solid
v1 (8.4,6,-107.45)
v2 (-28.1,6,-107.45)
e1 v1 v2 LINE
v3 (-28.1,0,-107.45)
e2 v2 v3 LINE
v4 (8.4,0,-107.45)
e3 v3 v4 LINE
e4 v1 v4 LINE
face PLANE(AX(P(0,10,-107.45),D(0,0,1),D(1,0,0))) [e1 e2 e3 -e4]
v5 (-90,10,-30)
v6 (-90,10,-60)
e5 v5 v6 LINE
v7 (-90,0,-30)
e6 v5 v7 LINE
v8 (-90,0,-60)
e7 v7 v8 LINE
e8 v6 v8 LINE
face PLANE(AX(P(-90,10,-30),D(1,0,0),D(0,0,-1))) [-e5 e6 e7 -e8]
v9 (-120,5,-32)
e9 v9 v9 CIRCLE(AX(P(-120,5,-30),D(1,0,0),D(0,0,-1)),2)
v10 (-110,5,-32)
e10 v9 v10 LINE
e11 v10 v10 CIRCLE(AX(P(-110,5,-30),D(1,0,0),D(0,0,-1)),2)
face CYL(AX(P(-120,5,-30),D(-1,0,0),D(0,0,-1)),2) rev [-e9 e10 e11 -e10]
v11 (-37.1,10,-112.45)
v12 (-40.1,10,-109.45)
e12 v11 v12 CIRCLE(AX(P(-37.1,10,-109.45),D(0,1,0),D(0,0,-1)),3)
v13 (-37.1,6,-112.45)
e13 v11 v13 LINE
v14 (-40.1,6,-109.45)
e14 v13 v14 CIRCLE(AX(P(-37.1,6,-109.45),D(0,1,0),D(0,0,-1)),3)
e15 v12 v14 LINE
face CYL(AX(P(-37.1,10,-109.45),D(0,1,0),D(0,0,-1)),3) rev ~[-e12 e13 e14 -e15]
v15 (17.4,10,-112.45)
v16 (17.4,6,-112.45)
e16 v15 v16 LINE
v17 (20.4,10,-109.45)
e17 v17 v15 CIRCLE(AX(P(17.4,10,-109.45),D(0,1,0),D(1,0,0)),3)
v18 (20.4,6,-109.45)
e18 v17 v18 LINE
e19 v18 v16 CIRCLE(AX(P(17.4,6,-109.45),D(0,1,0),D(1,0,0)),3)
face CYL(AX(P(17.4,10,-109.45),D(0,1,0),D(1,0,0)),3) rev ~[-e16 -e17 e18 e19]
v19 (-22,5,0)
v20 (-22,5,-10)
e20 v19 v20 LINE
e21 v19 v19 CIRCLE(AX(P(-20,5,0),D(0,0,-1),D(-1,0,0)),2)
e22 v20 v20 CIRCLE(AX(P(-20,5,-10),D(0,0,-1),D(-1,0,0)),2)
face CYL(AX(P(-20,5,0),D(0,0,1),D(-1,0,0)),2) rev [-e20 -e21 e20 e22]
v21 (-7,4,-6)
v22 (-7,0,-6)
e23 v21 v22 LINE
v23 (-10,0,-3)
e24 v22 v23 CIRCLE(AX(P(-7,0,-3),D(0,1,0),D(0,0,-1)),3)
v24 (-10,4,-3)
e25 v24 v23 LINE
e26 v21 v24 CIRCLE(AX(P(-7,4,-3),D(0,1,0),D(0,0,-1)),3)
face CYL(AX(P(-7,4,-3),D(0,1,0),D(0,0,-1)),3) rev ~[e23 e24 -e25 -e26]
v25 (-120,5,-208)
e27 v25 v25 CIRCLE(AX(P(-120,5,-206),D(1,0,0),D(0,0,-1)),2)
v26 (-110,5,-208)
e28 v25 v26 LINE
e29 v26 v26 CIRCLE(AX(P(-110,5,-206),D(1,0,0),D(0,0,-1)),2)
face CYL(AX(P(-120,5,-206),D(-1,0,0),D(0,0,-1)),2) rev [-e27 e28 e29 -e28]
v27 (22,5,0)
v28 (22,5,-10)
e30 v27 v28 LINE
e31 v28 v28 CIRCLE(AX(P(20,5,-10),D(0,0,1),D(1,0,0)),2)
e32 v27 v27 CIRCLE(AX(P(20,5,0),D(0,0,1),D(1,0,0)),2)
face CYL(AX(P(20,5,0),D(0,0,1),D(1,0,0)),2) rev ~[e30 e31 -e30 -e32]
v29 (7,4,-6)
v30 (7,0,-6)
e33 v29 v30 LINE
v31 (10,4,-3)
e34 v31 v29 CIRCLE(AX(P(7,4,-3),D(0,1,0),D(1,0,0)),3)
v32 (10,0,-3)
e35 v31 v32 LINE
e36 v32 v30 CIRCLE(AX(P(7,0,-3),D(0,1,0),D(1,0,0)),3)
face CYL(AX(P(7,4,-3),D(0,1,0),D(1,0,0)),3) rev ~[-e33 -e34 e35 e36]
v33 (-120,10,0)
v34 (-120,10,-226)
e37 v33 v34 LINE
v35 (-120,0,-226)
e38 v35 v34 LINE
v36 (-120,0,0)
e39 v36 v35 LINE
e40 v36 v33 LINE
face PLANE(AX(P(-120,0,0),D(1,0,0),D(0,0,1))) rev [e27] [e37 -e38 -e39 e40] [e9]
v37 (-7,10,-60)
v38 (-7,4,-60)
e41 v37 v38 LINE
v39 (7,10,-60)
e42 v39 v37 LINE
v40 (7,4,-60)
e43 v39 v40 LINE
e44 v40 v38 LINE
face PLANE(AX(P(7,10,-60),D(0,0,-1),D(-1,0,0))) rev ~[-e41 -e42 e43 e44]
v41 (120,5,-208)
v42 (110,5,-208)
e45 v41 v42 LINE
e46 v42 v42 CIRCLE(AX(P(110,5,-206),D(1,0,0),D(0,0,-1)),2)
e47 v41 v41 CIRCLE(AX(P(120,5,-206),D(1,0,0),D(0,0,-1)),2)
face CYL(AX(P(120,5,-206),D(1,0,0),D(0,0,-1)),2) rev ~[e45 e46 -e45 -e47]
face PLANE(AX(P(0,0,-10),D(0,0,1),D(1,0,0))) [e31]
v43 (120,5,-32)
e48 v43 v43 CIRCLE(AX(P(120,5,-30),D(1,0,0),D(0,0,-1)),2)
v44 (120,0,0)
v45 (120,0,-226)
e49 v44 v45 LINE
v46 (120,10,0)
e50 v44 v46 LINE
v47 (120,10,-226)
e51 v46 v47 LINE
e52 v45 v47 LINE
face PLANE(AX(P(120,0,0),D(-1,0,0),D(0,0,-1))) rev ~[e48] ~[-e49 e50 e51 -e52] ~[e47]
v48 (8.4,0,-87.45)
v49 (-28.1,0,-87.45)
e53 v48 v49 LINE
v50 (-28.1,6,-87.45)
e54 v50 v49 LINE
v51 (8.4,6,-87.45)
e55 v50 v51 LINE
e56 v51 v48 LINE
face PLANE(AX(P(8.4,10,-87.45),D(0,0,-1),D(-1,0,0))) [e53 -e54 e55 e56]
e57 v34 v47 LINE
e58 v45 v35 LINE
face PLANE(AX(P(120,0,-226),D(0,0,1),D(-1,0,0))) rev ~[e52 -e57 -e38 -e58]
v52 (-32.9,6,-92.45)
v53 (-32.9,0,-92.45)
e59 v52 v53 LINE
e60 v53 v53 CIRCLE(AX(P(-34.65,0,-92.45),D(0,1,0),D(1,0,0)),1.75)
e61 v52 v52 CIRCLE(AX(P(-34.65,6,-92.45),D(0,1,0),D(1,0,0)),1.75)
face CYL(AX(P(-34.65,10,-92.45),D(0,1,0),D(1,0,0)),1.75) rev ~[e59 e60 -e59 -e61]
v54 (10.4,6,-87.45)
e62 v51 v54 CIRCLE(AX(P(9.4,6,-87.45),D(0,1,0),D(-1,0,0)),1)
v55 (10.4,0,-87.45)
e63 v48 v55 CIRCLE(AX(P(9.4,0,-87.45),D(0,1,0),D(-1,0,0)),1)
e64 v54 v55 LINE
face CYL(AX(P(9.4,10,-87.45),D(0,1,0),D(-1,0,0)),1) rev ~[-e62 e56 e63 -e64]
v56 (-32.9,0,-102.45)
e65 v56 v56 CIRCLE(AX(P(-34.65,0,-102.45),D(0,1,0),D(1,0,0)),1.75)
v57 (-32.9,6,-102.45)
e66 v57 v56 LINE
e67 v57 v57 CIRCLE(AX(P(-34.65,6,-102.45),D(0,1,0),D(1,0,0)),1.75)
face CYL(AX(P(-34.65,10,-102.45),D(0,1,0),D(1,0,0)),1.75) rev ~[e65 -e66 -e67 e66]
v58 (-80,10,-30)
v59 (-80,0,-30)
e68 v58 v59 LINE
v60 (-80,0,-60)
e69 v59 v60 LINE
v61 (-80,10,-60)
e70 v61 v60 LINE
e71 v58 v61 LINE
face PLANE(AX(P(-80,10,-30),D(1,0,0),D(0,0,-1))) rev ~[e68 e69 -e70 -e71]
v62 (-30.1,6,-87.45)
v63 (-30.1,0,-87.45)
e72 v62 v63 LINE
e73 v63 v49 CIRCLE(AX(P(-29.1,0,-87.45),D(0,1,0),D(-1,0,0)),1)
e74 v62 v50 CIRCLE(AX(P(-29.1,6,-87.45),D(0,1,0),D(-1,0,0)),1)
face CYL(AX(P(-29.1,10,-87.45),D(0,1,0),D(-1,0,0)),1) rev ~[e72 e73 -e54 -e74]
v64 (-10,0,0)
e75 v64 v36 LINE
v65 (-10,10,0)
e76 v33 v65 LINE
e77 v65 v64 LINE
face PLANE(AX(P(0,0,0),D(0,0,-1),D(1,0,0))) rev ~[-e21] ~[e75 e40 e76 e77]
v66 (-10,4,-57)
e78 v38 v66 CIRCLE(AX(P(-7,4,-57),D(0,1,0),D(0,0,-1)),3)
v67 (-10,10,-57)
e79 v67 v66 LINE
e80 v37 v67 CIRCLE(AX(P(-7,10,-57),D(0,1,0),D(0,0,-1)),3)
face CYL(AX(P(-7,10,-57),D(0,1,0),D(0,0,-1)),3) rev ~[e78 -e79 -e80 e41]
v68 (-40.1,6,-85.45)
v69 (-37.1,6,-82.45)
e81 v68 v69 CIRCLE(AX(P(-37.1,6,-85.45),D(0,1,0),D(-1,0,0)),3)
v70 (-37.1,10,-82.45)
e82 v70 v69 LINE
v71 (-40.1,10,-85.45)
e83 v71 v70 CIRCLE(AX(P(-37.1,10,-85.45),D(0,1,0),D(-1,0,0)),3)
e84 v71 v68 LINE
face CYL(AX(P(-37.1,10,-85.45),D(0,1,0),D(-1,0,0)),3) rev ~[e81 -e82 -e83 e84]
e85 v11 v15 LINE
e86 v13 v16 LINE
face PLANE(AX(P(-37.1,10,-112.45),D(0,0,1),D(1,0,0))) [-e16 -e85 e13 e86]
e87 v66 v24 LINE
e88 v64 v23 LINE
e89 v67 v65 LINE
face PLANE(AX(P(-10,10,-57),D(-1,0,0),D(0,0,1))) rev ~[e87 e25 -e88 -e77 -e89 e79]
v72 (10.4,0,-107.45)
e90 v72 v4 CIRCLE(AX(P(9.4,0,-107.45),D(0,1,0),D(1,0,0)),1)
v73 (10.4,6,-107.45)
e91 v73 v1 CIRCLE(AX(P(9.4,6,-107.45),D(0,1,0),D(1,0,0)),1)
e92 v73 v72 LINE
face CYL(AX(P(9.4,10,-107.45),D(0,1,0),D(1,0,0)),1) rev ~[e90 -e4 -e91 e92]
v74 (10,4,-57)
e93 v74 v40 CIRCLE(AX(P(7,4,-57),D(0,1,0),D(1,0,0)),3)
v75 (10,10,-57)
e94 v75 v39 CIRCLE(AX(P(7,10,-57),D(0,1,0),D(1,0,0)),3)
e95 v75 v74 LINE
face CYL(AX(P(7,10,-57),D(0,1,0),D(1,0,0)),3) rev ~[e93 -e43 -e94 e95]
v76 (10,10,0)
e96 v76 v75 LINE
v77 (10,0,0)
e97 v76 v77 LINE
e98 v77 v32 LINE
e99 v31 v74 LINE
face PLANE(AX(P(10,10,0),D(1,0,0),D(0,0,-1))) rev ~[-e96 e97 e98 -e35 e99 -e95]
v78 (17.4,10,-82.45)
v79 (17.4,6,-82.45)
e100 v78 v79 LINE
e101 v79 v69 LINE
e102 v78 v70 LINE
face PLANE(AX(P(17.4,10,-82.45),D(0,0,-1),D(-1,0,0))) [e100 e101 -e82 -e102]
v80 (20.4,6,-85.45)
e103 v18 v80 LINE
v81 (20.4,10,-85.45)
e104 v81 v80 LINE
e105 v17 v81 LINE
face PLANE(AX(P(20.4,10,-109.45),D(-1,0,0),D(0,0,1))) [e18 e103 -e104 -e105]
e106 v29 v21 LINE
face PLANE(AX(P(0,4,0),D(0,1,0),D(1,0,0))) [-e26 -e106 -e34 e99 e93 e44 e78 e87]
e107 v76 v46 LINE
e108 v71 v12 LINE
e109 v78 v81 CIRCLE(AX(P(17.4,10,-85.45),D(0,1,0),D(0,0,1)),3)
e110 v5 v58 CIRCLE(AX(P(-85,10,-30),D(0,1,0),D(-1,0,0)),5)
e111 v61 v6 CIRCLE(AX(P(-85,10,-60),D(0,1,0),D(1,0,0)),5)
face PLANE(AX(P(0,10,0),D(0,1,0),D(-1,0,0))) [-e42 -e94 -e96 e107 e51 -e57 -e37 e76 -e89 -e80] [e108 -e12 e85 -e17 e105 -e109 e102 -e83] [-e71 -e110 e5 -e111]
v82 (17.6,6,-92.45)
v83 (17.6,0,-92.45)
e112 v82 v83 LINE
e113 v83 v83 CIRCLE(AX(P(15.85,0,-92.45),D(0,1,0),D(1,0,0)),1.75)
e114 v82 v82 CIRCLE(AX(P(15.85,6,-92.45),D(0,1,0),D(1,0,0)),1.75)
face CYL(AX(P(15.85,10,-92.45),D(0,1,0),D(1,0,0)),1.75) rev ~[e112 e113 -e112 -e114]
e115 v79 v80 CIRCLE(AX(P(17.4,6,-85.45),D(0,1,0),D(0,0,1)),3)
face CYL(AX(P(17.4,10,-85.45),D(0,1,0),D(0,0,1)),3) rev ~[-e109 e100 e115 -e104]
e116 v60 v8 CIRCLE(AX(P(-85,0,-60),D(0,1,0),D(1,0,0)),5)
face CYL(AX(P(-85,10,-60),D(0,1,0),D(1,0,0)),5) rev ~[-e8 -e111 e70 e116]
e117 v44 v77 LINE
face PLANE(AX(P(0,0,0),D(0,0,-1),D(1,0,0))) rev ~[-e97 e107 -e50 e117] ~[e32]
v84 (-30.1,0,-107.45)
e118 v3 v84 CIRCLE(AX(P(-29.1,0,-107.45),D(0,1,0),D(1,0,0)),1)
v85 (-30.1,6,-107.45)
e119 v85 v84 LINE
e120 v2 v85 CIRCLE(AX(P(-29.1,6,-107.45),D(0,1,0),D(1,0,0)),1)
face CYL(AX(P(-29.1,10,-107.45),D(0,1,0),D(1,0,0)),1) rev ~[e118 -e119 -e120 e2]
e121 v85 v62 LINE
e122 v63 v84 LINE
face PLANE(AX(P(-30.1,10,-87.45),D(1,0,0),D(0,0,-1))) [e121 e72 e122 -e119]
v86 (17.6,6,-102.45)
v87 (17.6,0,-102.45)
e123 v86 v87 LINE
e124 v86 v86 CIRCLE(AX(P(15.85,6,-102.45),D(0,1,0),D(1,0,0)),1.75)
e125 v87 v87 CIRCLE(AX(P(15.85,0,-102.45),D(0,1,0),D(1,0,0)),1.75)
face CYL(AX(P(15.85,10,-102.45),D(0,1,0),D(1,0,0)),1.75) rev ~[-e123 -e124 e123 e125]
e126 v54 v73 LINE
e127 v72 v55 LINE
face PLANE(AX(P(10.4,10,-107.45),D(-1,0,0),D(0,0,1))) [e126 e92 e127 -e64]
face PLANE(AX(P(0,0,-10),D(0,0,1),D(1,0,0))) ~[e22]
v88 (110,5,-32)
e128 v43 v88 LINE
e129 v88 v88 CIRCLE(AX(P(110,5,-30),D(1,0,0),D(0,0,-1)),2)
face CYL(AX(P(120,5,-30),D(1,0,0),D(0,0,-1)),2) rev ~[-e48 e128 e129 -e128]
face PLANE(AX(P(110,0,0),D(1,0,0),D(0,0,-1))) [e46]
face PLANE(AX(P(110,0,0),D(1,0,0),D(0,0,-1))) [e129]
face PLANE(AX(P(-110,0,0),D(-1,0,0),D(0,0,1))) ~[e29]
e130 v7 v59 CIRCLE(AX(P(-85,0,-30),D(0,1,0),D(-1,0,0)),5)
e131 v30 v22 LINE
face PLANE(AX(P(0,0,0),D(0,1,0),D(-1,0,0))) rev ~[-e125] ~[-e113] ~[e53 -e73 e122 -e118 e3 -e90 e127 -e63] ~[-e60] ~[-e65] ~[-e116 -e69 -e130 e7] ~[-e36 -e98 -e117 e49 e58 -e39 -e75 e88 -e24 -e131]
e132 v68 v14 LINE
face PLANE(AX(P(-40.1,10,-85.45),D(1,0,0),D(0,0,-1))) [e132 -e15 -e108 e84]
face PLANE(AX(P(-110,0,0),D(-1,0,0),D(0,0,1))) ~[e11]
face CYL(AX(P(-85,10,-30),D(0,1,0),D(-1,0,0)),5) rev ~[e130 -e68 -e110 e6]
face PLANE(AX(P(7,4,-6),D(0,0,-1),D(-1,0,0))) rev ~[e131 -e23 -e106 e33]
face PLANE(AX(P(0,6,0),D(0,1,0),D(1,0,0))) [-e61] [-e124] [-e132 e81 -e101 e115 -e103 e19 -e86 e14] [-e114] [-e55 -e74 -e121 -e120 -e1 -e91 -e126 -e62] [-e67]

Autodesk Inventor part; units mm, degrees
ref_plane "YZ Plane" through (0, 0, 0) normal (1, 0, 0) x (0, 1, 0)
ref_plane "XZ Plane" through (0, 0, 0) normal (0, 1, 0) x (-1, 0, 0)
ref_plane "XY Plane" through (0, 0, 0) normal (0, 0, 1) x (1, 0, 0)
sketch "Sketch1" plane through (0, 0, 0) normal (0, 1, 0) x (-1, 0, 0)
  line L0 (0, 0) -> (-120, 0)
  line L1 (-120, 0) -> (-120, -226)
  line L2 (-120, -226) -> (0, -226)
  line L3 (0, -226) -> (0, 0)
  dimension "d0" = 120
  dimension "d1" = 226
extrude "Extrusion1" add sketch "Sketch1" along normal blind 10
sketch "Sketch2" plane through (120, 0, 0) normal (1, 0, 0) x (0, 0, -1)
  circle A0 centre (30, 5) radius 2
  line L0 (0, 0) -> (0, 10) projected
  line L1 (0, 10) -> (226, 10) projected
  circle A1 centre (206, 5) radius 2
  dimension "d4" = 4
  dimension "d5" = 30
  dimension "d6" = 5
  dimension "d9" = 176
extrude "Extrusion2" cut sketch "Sketch2" against normal blind 10
sketch "Sketch3" plane through (0, 0, 0) normal (0, 0, 1) x (1, 0, 0)
  circle A0 centre (20, 5) radius 2
  line L0 (0, 10) -> (120, 10) projected
  line L1 (0, 0) -> (0, 10) projected
  dimension "d16" = 4
  dimension "d17" = 5
  dimension "d18" = 20
extrude "Extrusion3" cut sketch "Sketch3" against normal blind 10
mirror "Mirror1" about plane through (0, 0, -226) normal (-1, 0, 0)
sketch "Sketch4" plane through (0, 10, 0) normal (0, 1, 0) x (1, 0, 0)
  circle A0 centre (0, 97.45) radius 10
  line L0 (120, 0) -> (-120, 0) projected
  line L1 (-30.1, 107.45) -> (10.4, 107.45)
  line L2 (10.4, 107.45) -> (10.4, 87.45)
  line L3 (10.4, 87.45) -> (-30.1, 87.45)
  line L4 (-30.1, 87.45) -> (-30.1, 107.45)
  circle A1 centre (-34.65, 92.45) radius 1.75
  circle A2 centre (-34.65, 102.45) radius 1.75
  circle A3 centre (15.85, 92.45) radius 1.75
  circle A4 centre (15.85, 102.45) radius 1.75
  arc A5 (10.4, 107.45) -> (8.4, 107.45) centre (9.4, 107.45) ccw
  arc A6 (8.4, 87.45) -> (10.4, 87.45) centre (9.4, 87.45) ccw
  arc A7 (-28.1, 107.45) -> (-30.1, 107.45) centre (-29.1, 107.45) ccw
  arc A8 (-30.1, 87.45) -> (-28.1, 87.45) centre (-29.1, 87.45) ccw
  arc A9 (-90, 30) -> (-80, 30) centre (-85, 30) ccw
  arc A10 (-80, 60) -> (-90, 60) centre (-85, 60) ccw
  line L5 (-90, 30) -> (-90, 60)
  line L6 (-80, 30) -> (-80, 60)
  line L7 (-120, 0) -> (-120, 226) projected
  point P0 (0, 0)
  dimension "d21" = 97.45
  dimension "d22" = 0
  dimension "d23" = 20
  dimension "d24" = 20
  dimension "d27" = 10.4
  dimension "d28" = 3.5
  dimension "d31" = 10
  dimension "d34" = 50.5
  dimension "d37" = 5
  dimension "d38" = 4.55
  dimension "d39" = 30.1
  dimension "d50" = 1
  dimension "d54" = 10
  dimension "d55" = 30
  dimension "d56" = 30
  dimension "d57" = 30
extrude "Extrusion4" cut sketch "Sketch4" against normal through all
sketch "Sketch5" plane through (0, 10, 0) normal (0, 1, 0) x (1, 0, 0)
  line L0 (-37.1, 112.45) -> (17.4, 112.45)
  line L1 (20.4, 109.45) -> (20.4, 85.45)
  line L2 (17.4, 82.45) -> (-37.1, 82.45)
  line L3 (-40.1, 85.45) -> (-40.1, 109.45)
  line L4 (10.4, 107.45) -> (10.4, 87.45) projected
  line L5 (-28.1, 107.45) -> (8.4, 107.45) projected
  arc A0 (-40.1, 85.45) -> (-37.1, 82.45) centre (-37.1, 85.45) ccw
  arc A1 (-37.1, 112.45) -> (-40.1, 109.45) centre (-37.1, 109.45) ccw
  arc A2 (20.4, 109.45) -> (17.4, 112.45) centre (17.4, 109.45) ccw
  arc A3 (17.4, 82.45) -> (20.4, 85.45) centre (17.4, 85.45) ccw
  point P0 (0, 0)
  point P1 (-40.1, 112.45)
  point P2 (20.4, 82.45)
  point P3 (20.4, 112.45)
  point P4 (-40.1, 82.45)
  point P5 (-30.1, 107.45)
  dimension "d42" = 10
  dimension "d43" = 30
  dimension "d44" = 60.5
  dimension "d45" = 5
  dimension "d48" = 3
extrude "Extrusion5" cut sketch "Sketch5" against normal blind 4
sketch "Sketch6" plane through (0, 10, 0) normal (0, 1, 0) x (1, 0, 0)
  line L0 (-10, 0) -> (10, 0)
  line L1 (10, 0) -> (10, 57)
  line L2 (7, 60) -> (-7, 60)
  line L3 (-10, 57) -> (-10, 0)
  line L4 (120, 0) -> (-120, 0) projected
  arc A0 (-7, 60) -> (-10, 57) centre (-7, 57) ccw
  arc A1 (10, 57) -> (7, 60) centre (7, 57) ccw
  point P0 (0, 0)
  point P1 (10, 60)
  point P2 (-10, 60)
  dimension "d58" = 20
  dimension "d59" = 60
  dimension "d60" = 10
  dimension "d61" = 0
  dimension "d64" = 3
extrude "Extrusion6" cut sketch "Sketch6" against normal blind 6
sketch "Sketch7" plane through (0, 4, 0) normal (0, 1, 0) x (1, 0, 0)
  line L0 (-10, 0) -> (-10, 57) projected
  line L1 (-10, 0) -> (10, 0)
  line L2 (10, 0) -> (10, 3)
  line L3 (7, 6) -> (-7, 6)
  line L4 (-10, 3) -> (-10, 0)
  arc A0 (-7, 6) -> (-10, 3) centre (-7, 3) ccw
  arc A1 (10, 3) -> (7, 6) centre (7, 3) ccw
  point P0 (0, 0)
  point P1 (10, 6)
  point P2 (-10, 6)
  dimension "d66" = 20
  dimension "d67" = 6
  dimension "d70" = 3
extrude "Extrusion7" cut sketch "Sketch7" against normal through all
equation "\"d4\" = screws"
equation "\"d16\" = screws"
equation "\"screws\" = 4"
properties part number "box_shelf"
